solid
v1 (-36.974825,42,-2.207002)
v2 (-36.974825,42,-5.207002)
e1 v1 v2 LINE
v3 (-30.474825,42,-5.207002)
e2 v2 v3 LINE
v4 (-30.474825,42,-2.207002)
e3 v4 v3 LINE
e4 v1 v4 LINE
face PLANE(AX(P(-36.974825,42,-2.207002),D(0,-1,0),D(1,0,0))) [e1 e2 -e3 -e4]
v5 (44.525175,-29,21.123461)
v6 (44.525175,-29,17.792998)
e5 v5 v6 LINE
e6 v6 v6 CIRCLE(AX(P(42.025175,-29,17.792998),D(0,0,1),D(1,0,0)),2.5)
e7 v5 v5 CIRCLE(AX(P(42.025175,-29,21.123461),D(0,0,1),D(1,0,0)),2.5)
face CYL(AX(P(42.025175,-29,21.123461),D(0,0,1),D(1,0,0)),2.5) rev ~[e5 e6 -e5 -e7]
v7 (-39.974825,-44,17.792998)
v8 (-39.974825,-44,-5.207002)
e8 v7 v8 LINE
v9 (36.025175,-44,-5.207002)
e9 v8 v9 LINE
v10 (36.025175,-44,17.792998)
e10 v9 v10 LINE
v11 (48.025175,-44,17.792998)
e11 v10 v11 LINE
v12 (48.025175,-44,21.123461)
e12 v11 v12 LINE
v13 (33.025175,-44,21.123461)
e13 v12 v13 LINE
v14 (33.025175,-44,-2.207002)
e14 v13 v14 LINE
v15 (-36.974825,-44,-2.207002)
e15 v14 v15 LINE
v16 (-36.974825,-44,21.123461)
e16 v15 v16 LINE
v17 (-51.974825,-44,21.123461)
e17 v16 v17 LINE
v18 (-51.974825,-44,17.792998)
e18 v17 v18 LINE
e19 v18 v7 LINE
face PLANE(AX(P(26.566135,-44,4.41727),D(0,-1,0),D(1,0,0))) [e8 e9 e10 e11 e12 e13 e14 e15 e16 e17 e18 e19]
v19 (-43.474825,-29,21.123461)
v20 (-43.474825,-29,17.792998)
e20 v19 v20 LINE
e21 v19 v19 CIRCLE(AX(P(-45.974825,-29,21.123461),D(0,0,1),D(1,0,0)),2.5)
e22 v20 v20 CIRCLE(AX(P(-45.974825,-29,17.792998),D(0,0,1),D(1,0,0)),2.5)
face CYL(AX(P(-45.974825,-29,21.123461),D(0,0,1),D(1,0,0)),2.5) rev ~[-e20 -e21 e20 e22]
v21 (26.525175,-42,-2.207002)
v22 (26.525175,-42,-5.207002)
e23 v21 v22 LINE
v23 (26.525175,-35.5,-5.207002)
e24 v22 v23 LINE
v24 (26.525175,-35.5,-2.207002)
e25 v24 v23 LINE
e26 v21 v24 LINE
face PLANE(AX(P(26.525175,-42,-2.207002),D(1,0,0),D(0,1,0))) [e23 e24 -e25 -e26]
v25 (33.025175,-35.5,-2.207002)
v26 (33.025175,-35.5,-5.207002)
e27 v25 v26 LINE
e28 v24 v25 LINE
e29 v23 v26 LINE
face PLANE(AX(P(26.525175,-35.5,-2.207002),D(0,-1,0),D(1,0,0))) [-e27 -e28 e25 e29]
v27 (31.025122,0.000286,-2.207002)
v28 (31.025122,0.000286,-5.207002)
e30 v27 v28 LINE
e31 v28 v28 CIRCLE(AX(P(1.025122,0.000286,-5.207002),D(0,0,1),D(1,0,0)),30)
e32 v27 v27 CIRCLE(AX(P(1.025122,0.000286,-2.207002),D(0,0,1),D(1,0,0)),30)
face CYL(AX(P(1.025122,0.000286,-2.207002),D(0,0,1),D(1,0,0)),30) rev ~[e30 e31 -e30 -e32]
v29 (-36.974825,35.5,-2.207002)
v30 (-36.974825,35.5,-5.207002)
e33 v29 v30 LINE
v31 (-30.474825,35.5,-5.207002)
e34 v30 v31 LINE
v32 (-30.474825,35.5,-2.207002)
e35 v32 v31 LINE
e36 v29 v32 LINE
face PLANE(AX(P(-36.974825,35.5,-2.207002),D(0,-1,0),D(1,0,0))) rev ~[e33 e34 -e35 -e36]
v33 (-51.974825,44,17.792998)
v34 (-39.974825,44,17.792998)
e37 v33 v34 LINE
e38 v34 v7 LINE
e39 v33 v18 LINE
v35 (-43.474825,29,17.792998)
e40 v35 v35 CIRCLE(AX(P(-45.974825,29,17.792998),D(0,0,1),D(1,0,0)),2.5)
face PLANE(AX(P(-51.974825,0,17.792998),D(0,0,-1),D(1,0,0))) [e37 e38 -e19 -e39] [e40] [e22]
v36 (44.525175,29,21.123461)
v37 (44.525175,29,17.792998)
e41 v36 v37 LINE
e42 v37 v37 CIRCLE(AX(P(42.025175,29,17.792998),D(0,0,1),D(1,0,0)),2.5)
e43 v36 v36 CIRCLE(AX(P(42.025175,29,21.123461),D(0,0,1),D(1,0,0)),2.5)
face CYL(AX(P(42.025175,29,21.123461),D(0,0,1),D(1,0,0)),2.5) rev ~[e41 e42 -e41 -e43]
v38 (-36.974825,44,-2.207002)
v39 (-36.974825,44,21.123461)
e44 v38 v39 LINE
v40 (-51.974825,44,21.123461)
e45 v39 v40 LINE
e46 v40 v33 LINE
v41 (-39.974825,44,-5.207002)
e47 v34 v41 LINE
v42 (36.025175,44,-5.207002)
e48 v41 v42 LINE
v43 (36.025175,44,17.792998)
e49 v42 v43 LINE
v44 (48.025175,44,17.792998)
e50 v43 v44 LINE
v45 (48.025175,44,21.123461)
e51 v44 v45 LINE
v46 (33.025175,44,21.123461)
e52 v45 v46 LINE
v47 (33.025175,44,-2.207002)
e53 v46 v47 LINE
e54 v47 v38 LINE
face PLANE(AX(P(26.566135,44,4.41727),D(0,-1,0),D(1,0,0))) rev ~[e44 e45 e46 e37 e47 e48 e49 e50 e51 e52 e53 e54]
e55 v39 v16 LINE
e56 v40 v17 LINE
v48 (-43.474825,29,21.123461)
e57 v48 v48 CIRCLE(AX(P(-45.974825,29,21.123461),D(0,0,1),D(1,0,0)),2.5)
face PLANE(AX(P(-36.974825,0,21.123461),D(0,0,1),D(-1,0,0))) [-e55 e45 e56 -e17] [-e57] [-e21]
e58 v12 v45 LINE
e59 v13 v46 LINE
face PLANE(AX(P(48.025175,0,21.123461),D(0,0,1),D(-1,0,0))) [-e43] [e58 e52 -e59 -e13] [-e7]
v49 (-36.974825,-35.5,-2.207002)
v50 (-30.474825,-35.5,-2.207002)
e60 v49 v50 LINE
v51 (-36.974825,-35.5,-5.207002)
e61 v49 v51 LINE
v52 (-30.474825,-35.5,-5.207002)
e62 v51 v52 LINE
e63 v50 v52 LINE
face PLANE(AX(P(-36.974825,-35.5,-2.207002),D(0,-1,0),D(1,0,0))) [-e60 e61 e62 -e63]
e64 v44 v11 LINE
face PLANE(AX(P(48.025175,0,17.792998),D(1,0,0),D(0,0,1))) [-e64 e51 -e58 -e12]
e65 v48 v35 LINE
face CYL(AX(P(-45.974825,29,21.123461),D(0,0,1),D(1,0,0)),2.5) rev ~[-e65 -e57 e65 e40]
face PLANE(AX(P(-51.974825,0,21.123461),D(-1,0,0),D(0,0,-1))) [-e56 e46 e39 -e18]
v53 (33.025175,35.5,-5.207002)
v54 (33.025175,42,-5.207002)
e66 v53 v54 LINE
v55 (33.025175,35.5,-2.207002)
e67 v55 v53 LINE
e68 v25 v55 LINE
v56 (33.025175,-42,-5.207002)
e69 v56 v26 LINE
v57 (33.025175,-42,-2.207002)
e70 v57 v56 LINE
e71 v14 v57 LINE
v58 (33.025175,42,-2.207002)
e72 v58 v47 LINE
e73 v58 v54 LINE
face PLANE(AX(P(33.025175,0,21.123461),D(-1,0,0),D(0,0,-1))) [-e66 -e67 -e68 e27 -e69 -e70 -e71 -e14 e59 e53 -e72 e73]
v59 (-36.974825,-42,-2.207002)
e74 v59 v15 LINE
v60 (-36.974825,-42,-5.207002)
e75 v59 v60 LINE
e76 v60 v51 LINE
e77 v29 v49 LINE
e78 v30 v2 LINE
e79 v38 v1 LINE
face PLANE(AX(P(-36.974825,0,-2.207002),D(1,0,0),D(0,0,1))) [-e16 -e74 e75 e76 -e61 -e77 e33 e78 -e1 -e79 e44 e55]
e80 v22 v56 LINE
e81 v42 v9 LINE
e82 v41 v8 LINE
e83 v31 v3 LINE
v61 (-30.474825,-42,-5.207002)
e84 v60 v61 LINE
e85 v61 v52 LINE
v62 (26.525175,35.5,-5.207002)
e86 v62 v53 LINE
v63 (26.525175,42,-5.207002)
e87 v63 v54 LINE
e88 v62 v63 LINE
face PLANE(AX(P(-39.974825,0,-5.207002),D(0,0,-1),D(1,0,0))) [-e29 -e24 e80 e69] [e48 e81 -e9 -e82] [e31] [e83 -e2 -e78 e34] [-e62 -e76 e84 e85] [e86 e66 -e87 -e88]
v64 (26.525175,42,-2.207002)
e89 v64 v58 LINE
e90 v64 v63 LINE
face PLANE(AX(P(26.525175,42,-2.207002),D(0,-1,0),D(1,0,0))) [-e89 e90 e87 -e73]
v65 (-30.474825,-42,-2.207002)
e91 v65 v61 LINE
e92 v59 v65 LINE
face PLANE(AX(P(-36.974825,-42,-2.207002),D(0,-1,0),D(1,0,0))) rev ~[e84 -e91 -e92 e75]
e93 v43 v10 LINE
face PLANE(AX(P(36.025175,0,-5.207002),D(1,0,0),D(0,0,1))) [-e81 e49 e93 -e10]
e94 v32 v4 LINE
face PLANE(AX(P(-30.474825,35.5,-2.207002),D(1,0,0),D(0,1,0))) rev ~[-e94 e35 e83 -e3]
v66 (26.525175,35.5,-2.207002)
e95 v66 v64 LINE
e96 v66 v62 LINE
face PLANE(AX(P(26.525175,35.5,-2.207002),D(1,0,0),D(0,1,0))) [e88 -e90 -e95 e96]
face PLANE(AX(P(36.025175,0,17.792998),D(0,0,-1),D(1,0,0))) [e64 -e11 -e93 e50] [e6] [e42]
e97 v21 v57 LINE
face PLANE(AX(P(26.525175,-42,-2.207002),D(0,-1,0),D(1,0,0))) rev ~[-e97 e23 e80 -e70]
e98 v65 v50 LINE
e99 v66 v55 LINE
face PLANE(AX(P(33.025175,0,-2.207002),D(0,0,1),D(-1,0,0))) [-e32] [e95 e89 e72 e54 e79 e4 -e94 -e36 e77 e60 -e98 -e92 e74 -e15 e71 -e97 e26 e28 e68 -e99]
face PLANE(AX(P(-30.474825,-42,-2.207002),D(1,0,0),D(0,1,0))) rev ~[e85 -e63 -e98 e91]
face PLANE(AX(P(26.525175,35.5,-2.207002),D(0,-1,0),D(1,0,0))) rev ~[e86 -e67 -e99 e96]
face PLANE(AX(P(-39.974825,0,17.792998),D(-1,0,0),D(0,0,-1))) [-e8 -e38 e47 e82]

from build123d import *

# Parameters (mm, degrees)
F1_DEPTH = 44
F2_R     = 2.5
F3_DEPTH = 3.330463
F4_R     = 30
F5_DEPTH = 3
F6_W     = 6.5
F6_H     = 6.5
F7_DEPTH = 3


with BuildPart() as f1:
    # F0 (on Front) → F1 (new body, symmetric)
    with BuildSketch(Plane.XZ):
        Polygon((33.025175, -2.207002), (-1.974825, -2.207002), (-1.974825, -5.207002), (36.025175, -5.207002), (36.025175, 17.792998), (48.025175, 17.792998), (48.025175, 21.123461), (33.025175, 21.123461), align=None)
        Polygon((-1.974825, -5.207002), (-1.974825, -2.207002), (-36.974825, -2.207002), (-36.974825, 21.123461), (-51.974825, 21.123461), (-51.974825, 17.792998), (-39.974825, 17.792998), (-39.974825, -5.207002), align=None)
    extrude(amount=F1_DEPTH, both=True)

    # F2 (on face) → F3 (cut, through all)
    with BuildSketch(Plane.XY.offset(21.123461)):
        with Locations((42.025175, -29)):
            Circle(F2_R)
        with Locations((42.025175, 29)):
            Circle(F2_R)
        with Locations((-45.974825, 29)):
            Circle(F2_R)
        with Locations((-45.974825, -29)):
            Circle(F2_R)
    extrude(amount=-F3_DEPTH, mode=Mode.SUBTRACT)

    # F4 (on face) → F5 (cut, through all)
    with BuildSketch(Plane.XY.offset(-2.207002)):
        with Locations((1.025122, 0.000286)):
            Circle(F4_R)
    extrude(amount=-F5_DEPTH, mode=Mode.SUBTRACT)

    # F6 (on face) → F7 (cut, through all)
    with BuildSketch(Plane.XY.offset(-2.207002)):
        with Locations((-33.724825, 38.75)):
            Rectangle(F6_W, F6_H)
        with Locations((29.775175, 38.75)):
            Rectangle(F6_W, F6_H)
        with Locations((29.775175, -38.75)):
            Rectangle(F6_W, F6_H)
        with Locations((-33.724825, -38.75)):
            Rectangle(F6_W, F6_H)
    extrude(amount=-F7_DEPTH, mode=Mode.SUBTRACT)


solid = f1.part
